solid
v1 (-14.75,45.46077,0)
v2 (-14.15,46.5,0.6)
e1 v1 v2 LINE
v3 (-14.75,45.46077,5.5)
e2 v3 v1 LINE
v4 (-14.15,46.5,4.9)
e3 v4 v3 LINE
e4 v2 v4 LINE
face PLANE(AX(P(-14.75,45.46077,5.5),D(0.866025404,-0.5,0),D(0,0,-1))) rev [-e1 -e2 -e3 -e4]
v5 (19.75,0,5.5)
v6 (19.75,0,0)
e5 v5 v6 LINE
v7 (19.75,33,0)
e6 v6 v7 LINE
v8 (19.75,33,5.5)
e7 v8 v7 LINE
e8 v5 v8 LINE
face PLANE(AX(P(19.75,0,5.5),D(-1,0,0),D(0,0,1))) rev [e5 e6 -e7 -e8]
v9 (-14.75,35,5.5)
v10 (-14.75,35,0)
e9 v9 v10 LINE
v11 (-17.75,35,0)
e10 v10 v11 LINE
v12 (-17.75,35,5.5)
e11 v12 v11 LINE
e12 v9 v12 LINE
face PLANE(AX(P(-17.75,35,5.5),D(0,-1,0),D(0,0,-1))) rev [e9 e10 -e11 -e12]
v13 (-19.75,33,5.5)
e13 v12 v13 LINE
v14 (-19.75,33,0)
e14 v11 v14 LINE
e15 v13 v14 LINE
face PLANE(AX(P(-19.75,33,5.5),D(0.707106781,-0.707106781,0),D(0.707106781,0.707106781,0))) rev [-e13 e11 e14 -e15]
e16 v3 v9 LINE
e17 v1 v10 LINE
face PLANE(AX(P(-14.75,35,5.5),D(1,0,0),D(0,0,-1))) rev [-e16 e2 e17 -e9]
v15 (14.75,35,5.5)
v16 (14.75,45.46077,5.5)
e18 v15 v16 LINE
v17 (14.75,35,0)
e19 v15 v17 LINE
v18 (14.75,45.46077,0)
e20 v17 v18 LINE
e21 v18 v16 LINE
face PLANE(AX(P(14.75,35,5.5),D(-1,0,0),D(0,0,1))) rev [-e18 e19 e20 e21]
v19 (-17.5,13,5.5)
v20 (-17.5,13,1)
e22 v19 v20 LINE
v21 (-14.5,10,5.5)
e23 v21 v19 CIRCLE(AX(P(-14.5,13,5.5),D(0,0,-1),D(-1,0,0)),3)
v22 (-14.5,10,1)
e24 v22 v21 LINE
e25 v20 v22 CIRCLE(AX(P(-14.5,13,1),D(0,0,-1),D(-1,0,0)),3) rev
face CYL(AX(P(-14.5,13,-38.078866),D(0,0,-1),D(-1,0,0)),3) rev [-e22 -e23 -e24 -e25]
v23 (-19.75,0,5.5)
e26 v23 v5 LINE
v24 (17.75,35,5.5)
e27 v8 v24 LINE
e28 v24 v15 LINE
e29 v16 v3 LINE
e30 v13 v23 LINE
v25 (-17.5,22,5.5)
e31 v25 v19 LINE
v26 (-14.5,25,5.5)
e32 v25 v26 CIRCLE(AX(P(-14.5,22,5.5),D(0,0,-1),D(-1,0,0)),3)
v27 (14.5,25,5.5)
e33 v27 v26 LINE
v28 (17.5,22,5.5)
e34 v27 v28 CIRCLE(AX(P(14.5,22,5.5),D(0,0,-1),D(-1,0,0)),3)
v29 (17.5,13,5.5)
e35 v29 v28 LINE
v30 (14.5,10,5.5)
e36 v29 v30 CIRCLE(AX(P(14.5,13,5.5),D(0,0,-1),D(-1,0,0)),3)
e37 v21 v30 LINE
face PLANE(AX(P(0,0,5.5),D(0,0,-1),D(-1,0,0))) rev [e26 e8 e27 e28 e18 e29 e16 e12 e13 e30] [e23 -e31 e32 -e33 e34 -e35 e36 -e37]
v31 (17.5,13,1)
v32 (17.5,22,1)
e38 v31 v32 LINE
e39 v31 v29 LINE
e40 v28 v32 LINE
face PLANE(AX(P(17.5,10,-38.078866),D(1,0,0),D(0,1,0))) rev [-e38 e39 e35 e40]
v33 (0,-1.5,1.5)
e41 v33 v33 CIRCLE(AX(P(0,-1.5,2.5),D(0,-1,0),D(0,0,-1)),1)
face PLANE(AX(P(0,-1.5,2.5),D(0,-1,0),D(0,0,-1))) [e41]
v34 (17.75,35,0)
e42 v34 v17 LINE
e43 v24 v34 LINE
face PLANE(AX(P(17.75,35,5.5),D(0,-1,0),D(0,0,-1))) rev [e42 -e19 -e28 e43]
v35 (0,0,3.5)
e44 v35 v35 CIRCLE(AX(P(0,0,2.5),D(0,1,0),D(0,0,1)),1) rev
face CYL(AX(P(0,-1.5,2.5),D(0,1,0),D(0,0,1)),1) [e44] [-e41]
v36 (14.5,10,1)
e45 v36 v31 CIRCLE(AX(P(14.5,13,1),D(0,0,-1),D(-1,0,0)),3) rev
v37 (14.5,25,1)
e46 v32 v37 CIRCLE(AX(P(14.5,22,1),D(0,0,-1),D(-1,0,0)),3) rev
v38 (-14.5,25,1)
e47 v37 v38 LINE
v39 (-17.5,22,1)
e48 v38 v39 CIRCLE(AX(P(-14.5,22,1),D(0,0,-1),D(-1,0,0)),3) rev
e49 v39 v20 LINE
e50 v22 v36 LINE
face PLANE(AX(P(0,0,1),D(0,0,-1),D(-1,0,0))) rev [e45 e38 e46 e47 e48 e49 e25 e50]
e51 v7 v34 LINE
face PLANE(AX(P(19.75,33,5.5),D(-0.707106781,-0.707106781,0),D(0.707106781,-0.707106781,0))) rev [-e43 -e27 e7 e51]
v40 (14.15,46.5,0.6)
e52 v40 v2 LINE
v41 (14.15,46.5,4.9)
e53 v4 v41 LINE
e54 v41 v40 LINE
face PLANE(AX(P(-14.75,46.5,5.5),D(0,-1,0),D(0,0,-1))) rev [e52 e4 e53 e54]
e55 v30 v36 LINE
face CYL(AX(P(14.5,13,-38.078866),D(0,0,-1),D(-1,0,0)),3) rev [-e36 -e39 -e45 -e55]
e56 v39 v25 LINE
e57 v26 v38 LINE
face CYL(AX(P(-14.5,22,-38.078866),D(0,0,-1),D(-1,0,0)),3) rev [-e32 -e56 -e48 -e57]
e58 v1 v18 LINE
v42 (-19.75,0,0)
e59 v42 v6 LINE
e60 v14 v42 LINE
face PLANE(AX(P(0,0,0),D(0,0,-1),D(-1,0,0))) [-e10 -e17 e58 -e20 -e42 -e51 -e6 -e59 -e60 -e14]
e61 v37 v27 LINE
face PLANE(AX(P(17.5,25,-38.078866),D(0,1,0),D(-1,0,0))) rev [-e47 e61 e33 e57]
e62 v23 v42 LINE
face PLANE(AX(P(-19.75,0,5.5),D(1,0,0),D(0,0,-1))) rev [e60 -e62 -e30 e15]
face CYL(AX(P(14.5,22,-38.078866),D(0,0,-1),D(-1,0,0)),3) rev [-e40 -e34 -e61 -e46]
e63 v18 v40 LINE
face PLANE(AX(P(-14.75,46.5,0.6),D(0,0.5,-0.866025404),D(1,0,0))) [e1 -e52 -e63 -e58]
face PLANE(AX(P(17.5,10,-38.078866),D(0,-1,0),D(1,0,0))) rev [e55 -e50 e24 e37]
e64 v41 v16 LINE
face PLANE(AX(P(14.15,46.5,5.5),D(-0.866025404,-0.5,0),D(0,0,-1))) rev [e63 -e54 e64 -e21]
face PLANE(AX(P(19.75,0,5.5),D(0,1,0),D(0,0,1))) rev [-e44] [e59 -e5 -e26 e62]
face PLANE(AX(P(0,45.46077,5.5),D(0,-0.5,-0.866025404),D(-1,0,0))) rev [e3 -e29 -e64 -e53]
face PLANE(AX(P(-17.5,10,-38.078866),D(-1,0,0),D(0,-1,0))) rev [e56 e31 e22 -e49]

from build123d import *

# Parameters (mm, degrees)
EXTRUDE_1_DEPTH     = 5.5
CHAMFER_1_SIZE      = 0.6
CHAMFER_1_SIZE2     = 1.039230485
SKETCH_2_W          = 35
SKETCH_2_H          = 15
CUT_EXTRUDE_1_DEPTH = 4.5
FILLET_1_R          = 3
SKETCH_3_R          = 1
EXTRUDE_2_DEPTH     = 1.5


with BuildPart() as part:
    # Эскиз1 → Бобышка-Вытянуть1 (new body)
    with BuildSketch(Plane.XY):
        Polygon((19.75, 0), (-19.75, 0), (-19.75, 33), (-17.75, 35), (-14.75, 35), (-14.75, 46.5), (14.75, 46.5), (14.75, 35), (17.75, 35), (19.75, 33), align=None)
    extrude(amount=EXTRUDE_1_DEPTH)

    # Фаска1
    chamfer_1_edges = [part.edges().sort_by_distance(p)[0] for p in [
        (0, 46.5, 0),
        (-14.75, 46.5, 2.75),
        (14.75, 46.5, 2.75),
        (0, 46.5, 5.5),
    ]]
    chamfer_1_side = [part.faces().sort_by_distance(p)[0] for p in [
        (0, 46.5, 2.75),
    ]]
    chamfer(chamfer_1_edges, length=CHAMFER_1_SIZE, length2=CHAMFER_1_SIZE2, reference=chamfer_1_side[0])

    # Эскиз2 → Вырез-Вытянуть1 (cut)
    with BuildSketch(Plane.XY.offset(5.5)):
        with Locations((0, 17.5)):
            Rectangle(SKETCH_2_W, SKETCH_2_H)
    extrude(amount=-CUT_EXTRUDE_1_DEPTH, mode=Mode.SUBTRACT)

    # Скругление1
    fillet_1_edges = [part.edges().sort_by_distance(p)[0] for p in [
        (17.5, 10, 3.25),
        (17.5, 25, 3.25),
        (-17.5, 25, 3.25),
        (-17.5, 10, 3.25),
    ]]
    fillet(fillet_1_edges, radius=FILLET_1_R)

    # Эскиз3 → Бобышка-Вытянуть2 (add)
    with BuildSketch(Plane.XZ):
        with Locations(Location((0, 2.5, 0), (0, 0, 90))):
            Circle(SKETCH_3_R)
    extrude(amount=EXTRUDE_2_DEPTH)


solid = part.part
